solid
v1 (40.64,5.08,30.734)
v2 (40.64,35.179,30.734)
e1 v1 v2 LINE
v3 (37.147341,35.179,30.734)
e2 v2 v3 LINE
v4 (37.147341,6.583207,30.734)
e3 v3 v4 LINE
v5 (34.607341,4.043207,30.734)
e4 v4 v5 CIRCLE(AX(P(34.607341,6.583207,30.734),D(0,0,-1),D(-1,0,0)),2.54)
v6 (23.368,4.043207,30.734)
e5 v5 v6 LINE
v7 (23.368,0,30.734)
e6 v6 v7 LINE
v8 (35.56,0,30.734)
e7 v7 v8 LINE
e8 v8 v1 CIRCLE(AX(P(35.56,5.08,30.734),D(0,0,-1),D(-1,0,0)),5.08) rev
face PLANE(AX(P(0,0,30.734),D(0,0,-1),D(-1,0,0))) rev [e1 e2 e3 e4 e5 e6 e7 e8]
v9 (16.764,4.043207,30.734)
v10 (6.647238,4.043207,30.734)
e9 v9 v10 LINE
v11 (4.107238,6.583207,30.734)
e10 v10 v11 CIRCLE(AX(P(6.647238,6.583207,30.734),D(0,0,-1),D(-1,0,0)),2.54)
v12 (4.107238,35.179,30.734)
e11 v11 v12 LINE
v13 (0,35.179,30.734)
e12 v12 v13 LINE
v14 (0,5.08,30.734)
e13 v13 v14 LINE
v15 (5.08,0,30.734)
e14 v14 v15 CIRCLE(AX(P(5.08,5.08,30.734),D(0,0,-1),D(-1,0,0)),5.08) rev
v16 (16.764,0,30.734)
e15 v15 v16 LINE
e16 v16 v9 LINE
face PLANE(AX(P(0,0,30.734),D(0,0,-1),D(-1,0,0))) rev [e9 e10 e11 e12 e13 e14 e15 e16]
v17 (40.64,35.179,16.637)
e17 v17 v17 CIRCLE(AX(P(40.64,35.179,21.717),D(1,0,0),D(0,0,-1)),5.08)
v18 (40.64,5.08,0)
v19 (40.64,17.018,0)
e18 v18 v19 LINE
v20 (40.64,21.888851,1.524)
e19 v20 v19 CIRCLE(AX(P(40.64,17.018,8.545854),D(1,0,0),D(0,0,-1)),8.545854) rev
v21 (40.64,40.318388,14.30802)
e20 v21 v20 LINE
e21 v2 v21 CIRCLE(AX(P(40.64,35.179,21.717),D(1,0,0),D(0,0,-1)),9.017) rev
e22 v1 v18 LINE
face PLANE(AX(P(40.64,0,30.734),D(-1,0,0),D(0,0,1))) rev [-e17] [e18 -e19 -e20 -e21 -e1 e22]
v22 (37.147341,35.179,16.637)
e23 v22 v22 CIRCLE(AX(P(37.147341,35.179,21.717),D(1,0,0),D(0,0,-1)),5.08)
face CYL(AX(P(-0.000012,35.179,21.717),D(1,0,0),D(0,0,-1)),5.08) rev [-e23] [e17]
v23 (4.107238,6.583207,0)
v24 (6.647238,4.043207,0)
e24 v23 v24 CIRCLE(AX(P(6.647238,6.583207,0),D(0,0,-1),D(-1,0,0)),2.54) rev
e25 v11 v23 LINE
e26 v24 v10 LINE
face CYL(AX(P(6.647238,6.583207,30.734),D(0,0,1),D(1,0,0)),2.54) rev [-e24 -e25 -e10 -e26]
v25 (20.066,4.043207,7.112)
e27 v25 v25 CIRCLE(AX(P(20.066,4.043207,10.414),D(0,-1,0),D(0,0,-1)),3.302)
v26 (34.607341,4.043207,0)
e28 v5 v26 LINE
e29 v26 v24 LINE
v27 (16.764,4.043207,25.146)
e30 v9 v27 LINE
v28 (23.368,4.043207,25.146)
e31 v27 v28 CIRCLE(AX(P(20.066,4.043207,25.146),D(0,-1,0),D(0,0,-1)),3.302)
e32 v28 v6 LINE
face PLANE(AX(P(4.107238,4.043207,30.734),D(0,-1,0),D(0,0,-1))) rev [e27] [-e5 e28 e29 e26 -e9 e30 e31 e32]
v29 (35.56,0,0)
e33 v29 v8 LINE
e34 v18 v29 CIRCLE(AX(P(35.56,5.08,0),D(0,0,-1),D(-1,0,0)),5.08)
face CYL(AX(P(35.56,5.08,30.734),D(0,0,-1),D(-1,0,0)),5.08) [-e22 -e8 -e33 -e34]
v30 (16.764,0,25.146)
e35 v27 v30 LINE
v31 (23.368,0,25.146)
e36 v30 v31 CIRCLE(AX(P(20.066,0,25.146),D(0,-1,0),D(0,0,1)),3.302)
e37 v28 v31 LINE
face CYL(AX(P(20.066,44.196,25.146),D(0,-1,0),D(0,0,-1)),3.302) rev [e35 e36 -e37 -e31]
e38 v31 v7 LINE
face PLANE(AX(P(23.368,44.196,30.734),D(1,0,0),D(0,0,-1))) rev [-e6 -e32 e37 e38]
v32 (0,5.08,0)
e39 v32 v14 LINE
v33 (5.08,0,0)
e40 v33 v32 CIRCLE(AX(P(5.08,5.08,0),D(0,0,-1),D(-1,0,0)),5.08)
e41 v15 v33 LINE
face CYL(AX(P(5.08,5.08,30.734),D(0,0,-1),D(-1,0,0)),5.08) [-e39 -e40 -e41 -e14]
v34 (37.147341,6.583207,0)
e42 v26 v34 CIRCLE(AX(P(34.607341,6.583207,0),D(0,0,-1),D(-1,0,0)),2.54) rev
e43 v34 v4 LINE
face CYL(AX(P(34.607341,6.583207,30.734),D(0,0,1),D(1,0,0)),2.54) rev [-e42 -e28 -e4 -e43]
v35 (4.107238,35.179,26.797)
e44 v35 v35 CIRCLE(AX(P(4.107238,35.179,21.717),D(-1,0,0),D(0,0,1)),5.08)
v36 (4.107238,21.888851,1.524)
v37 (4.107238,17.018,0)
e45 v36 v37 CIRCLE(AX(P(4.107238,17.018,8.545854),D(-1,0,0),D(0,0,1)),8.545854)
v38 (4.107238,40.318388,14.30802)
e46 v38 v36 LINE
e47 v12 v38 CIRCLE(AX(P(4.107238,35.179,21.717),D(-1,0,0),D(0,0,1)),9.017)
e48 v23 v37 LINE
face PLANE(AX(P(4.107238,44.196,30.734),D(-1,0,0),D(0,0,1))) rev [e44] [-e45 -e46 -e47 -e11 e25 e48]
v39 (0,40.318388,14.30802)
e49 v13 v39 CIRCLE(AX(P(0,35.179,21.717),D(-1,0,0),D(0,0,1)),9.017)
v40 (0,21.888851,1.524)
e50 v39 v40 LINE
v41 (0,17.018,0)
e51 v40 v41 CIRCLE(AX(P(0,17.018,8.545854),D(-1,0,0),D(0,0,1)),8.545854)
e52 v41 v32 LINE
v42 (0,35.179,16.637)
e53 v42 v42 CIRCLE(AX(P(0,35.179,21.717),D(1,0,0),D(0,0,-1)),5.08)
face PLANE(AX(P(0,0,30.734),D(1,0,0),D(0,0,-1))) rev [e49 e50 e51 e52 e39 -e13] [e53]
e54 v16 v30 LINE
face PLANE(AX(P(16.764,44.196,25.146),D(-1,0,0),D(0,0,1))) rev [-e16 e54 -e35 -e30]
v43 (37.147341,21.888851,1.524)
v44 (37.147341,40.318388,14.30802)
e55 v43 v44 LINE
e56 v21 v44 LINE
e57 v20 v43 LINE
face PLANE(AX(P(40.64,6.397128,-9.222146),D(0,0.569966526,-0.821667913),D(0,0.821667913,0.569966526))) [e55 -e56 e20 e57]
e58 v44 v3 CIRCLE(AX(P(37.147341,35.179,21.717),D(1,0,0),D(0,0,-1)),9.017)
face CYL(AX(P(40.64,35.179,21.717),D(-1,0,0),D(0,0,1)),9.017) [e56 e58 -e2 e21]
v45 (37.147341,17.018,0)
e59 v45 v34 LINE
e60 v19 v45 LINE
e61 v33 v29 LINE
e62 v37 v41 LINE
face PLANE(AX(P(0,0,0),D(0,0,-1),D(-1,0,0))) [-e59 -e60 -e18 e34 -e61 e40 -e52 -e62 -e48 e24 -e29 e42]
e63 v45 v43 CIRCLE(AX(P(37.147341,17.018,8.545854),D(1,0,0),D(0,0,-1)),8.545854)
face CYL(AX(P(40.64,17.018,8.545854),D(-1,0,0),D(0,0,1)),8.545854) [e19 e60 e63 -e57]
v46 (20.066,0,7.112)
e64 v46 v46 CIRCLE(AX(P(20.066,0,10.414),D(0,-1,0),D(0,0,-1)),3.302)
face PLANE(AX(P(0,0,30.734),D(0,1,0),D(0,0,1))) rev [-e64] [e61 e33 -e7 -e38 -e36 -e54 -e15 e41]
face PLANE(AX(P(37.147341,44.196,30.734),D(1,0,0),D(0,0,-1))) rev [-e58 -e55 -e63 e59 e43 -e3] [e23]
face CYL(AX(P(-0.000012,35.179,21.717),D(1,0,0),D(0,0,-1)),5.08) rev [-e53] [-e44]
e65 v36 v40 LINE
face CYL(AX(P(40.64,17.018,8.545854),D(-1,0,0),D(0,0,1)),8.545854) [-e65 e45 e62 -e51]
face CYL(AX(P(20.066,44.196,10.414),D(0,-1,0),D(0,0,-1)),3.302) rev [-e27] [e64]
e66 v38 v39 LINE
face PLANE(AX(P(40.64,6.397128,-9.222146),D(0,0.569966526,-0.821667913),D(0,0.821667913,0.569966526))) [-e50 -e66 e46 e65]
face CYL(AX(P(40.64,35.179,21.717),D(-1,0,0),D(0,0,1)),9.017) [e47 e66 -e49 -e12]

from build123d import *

# Parameters (mm, degrees)
BOSS_EXTRUDE1_DEPTH      = 30.734
SKETCH2_R                = 3.302
CUT_EXTRUDE3_DEPTH       = 45.196
FILLET3_R                = 5.08
FILLET4_R                = 2.54
SKETCH3_R                = 5.08
CUT_EXTRUDE5_DEPTH       = 41.64
CUT_EXTRUDE5_DEPTH_BACK  = 1
CUT_EXTRUDE14_DEPTH      = 41.64
CUT_EXTRUDE14_DEPTH_BACK = 1


with BuildPart() as part:
    # Sketch1 → Boss-Extrude1 (new body)
    with BuildSketch(Plane.XY):
        Polygon((0, 0), (40.64, 0), (40.64, 44.196), (37.147341265, 44.196), (37.147341265, 4.043206852), (4.107237524, 4.043206852), (4.107237524, 44.196), (0, 44.196), align=None)
    extrude(amount=BOSS_EXTRUDE1_DEPTH)

    # Sketch2 → Cut-Extrude3 (cut, through all)
    with BuildSketch(Plane.XZ):
        with Locations(Location((20.066, 10.414, 0), (0, 0, 270))):  # turned: the seam where the file's is
            Circle(SKETCH2_R)
        with BuildLine():
            Line((16.764, 30.734), (23.368, 30.734))
            Line((23.368, 30.734), (23.368, 25.146))
            ThreePointArc((23.368, 25.146), (20.066, 21.844), (16.764, 25.146))
            Line((16.764, 25.146), (16.764, 30.734))
        make_face()
    extrude(amount=-CUT_EXTRUDE3_DEPTH, mode=Mode.SUBTRACT)

    # Fillet3
    fillet3_edges = [part.edges().sort_by_distance(p)[0] for p in [
        (40.64, 0, 15.367),
        (0, 0, 15.367),
    ]]
    fillet(fillet3_edges, radius=FILLET3_R)

    # Fillet4
    fillet4_edges = [part.edges().sort_by_distance(p)[0] for p in [
        (4.107237524, 4.043206852, 15.367),
        (37.147341265, 4.043206852, 15.367),
    ]]
    fillet(fillet4_edges, radius=FILLET4_R)

    # Sketch3 → Cut-Extrude5 (cut, two sides)
    with BuildSketch(Plane(origin=(0, 0, 0), x_dir=(0, 0, -1), z_dir=(1, 0, 0))) as cut_extrude5_sk:
        with Locations((-21.717, 35.179)):
            Circle(SKETCH3_R)
    extrude(amount=CUT_EXTRUDE5_DEPTH, mode=Mode.SUBTRACT)
    extrude(cut_extrude5_sk.sketch, amount=-CUT_EXTRUDE5_DEPTH_BACK, mode=Mode.SUBTRACT)

    # Sketch6 → Cut-Extrude14 (cut, two sides)
    with BuildSketch(Plane(origin=(0, 0, 0), x_dir=(0, 0, -1), z_dir=(1, 0, 0))) as cut_extrude14_sk:
        with BuildLine():
            Line((-30.734, 44.196), (-30.734, 35.179))
            ThreePointArc((-30.734, 35.179), (-28.092981846, 41.554981846), (-21.717, 44.196))
            Line((-21.717, 44.196), (-30.734, 44.196))
        make_face()
        with BuildLine():
            Line((0, 44.196), (-21.717, 44.196))
            ThreePointArc((-21.717, 44.196), (-17.535826364, 43.167997185), (-14.308020426, 40.318388162))
            Line((-14.308020426, 40.318388162), (-1.524, 21.888850787))
            ThreePointArc((-1.524, 21.888850787), (-0.389894225, 19.569850475), (0, 17.018))
            Line((0, 17.018), (0, 44.196))
        make_face()
    extrude(amount=CUT_EXTRUDE14_DEPTH, mode=Mode.SUBTRACT)
    extrude(cut_extrude14_sk.sketch, amount=-CUT_EXTRUDE14_DEPTH_BACK, mode=Mode.SUBTRACT)


solid = part.part
